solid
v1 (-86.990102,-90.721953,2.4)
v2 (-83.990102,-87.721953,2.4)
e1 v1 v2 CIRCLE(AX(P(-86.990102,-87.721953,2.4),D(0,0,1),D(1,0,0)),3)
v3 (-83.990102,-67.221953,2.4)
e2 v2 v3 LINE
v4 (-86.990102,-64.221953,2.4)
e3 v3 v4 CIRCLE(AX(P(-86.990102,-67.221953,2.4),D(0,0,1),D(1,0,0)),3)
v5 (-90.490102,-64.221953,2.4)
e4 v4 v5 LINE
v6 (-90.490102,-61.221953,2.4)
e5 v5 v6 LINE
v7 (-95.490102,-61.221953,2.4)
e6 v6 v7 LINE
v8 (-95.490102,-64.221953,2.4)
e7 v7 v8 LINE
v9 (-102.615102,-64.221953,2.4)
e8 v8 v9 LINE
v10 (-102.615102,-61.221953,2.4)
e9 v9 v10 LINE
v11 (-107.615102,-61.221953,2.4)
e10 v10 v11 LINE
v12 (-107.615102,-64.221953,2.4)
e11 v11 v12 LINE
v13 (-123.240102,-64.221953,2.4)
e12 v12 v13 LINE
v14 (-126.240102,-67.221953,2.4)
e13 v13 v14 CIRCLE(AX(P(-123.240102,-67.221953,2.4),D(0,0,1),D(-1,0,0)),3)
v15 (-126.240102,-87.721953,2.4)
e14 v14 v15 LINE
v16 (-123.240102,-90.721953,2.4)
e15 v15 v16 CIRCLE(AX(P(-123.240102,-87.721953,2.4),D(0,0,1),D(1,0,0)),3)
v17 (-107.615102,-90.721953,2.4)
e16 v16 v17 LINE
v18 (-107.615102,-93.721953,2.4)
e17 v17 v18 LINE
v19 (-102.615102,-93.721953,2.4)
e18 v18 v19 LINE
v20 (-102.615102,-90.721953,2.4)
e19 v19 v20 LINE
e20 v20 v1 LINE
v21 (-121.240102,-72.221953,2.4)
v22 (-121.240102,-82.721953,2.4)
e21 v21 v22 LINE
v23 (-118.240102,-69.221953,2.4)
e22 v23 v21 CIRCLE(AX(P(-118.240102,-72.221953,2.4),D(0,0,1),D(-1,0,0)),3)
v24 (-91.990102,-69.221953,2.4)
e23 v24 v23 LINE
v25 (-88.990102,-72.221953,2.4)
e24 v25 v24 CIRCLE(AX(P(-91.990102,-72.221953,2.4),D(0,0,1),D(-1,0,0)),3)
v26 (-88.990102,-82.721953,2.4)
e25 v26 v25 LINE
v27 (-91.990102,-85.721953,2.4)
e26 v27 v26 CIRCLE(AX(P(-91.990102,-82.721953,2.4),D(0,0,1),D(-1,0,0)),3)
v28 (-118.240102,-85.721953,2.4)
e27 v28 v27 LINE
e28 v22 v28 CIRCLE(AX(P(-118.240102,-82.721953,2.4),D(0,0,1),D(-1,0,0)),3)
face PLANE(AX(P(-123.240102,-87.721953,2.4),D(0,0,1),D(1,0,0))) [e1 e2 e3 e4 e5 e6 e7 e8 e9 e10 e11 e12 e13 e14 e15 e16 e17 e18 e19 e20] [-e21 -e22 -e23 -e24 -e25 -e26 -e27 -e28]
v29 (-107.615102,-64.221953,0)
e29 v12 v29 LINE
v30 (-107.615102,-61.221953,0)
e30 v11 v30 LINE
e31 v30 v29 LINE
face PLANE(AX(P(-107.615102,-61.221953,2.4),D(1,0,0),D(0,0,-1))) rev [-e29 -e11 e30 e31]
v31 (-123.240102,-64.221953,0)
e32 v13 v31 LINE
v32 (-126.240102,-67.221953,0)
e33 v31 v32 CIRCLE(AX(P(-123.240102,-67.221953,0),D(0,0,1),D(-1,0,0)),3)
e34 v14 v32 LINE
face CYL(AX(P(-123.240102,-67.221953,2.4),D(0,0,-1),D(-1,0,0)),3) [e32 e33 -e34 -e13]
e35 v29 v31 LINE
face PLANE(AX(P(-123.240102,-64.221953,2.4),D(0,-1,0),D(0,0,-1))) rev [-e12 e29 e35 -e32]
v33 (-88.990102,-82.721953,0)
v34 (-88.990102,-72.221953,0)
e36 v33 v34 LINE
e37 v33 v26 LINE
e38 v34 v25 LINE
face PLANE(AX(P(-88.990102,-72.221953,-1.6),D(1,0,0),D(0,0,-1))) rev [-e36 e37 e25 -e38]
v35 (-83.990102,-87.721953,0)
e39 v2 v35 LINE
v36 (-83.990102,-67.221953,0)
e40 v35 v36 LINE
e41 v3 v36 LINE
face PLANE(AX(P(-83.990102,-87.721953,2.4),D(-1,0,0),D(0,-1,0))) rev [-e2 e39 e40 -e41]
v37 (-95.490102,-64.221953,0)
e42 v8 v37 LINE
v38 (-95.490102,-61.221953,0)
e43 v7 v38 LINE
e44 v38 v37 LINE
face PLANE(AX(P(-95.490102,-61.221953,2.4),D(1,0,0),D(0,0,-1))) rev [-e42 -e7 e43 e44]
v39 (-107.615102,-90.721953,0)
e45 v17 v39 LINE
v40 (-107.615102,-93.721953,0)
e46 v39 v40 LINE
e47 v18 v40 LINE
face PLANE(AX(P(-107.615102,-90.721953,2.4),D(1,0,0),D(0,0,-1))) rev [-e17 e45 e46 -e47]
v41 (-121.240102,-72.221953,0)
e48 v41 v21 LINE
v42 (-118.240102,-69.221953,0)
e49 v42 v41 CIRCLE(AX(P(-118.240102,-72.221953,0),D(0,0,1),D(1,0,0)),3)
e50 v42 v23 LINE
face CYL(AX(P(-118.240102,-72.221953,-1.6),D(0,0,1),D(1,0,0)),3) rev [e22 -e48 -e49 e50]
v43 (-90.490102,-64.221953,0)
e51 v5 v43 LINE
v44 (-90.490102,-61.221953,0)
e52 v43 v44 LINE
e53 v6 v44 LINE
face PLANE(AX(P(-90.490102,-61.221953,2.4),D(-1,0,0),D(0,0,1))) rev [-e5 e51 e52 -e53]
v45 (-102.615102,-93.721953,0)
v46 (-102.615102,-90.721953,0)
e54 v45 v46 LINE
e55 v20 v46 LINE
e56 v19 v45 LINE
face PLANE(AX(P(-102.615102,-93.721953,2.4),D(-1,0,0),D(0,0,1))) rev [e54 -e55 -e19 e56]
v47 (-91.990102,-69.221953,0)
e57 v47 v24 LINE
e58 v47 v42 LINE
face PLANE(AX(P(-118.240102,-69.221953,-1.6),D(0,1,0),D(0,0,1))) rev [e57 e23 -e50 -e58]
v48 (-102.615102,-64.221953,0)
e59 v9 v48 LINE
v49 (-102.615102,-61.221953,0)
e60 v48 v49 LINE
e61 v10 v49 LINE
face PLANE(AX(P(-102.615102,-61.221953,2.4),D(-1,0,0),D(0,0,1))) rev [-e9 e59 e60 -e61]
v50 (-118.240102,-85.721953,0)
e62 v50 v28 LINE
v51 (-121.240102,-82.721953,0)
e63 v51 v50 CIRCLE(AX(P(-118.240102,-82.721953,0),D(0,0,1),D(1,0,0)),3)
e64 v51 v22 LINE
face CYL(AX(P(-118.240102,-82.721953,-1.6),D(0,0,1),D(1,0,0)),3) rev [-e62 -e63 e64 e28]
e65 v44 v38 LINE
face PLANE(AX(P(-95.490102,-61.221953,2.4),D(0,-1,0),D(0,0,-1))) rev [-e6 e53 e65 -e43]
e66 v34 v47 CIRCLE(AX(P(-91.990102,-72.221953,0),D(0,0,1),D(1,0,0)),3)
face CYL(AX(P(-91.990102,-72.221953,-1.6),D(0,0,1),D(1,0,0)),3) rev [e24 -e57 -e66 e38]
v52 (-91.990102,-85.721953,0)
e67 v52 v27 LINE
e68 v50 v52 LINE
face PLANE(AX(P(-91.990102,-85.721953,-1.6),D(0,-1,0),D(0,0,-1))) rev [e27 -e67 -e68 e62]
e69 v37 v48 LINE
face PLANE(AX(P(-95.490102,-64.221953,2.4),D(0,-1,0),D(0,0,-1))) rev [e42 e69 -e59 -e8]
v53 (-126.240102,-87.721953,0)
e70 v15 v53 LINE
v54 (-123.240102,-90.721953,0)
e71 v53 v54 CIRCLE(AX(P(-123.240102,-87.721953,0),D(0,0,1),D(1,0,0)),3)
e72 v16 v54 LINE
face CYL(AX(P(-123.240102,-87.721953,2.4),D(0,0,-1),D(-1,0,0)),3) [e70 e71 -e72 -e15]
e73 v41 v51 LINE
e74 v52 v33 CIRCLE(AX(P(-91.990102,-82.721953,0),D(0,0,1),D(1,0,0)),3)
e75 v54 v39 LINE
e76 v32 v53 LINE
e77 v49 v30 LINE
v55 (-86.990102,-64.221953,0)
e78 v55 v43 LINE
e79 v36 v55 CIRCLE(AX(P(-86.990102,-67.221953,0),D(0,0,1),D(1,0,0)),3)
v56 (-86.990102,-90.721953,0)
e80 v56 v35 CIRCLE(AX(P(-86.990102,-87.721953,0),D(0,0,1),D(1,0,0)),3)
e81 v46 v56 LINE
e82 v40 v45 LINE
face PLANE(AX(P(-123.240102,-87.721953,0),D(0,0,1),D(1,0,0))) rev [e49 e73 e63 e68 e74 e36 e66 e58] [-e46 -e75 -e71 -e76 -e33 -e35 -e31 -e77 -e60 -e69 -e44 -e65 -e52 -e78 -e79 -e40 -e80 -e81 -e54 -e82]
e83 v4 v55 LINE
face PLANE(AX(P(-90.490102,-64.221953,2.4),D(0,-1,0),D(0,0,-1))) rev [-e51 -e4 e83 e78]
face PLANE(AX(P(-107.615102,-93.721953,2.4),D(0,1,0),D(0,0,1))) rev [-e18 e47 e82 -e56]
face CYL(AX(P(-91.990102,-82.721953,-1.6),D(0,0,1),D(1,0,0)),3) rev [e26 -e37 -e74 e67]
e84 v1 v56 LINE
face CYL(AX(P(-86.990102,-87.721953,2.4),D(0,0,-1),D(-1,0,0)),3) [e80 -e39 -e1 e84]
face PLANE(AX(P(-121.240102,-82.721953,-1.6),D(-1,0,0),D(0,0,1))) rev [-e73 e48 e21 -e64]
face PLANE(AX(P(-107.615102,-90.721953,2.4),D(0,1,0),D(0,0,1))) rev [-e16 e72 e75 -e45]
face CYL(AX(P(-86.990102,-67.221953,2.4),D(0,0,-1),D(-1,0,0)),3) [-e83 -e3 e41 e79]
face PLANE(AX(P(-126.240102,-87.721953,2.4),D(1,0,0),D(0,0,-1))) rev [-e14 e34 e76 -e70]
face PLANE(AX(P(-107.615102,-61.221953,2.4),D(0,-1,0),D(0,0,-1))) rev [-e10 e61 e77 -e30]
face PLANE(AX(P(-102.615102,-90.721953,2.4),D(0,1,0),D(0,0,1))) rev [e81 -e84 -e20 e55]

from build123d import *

# Parameters (mm, degrees)
SALIENTE_EXTRUIR1_DEPTH = 2.4
CORTAR_EXTRUIR1_DEPTH   = 4


with BuildPart() as part:
    # Croquis1 → Saliente-Extruir1 (new body)
    with BuildSketch(Plane.XY):
        with BuildLine():
            Line((-102.615102368, -90.721952824), (-86.990102368, -90.721952824))
            ThreePointArc((-86.990102368, -90.721952824), (-84.868782024, -89.843273168), (-83.990102368, -87.721952824))
            Line((-83.990102368, -87.721952824), (-83.990102368, -67.221952824))
            ThreePointArc((-83.990102368, -67.221952824), (-84.868782024, -65.10063248), (-86.990102368, -64.221952824))
            Line((-86.990102368, -64.221952824), (-90.490102368, -64.221952824))
            Line((-90.490102368, -64.221952824), (-90.490102368, -61.221952824))
            Line((-90.490102368, -61.221952824), (-95.490102368, -61.221952824))
            Line((-95.490102368, -61.221952824), (-95.490102368, -64.221952824))
            Line((-95.490102368, -64.221952824), (-102.615102368, -64.221952824))
            Line((-102.615102368, -64.221952824), (-102.615102368, -61.221952824))
            Line((-102.615102368, -61.221952824), (-105.115102368, -61.221952824))
            Line((-105.115102368, -61.221952824), (-107.615102368, -61.221952824))
            Line((-107.615102368, -61.221952824), (-107.615102368, -64.221952824))
            Line((-107.615102368, -64.221952824), (-123.240102368, -64.221952824))
            ThreePointArc((-123.240102368, -64.221952824), (-125.361422711, -65.10063248), (-126.240102368, -67.221952824))
            Line((-126.240102368, -67.221952824), (-126.240102368, -87.721952824))
            ThreePointArc((-126.240102368, -87.721952824), (-125.361422711, -89.843273168), (-123.240102368, -90.721952824))
            Line((-123.240102368, -90.721952824), (-107.615102368, -90.721952824))
            Line((-107.615102368, -90.721952824), (-107.615102368, -93.721952824))
            Line((-107.615102368, -93.721952824), (-102.615102368, -93.721952824))
            Line((-102.615102368, -93.721952824), (-102.615102368, -90.721952824))
        make_face()
    extrude(amount=SALIENTE_EXTRUIR1_DEPTH)

    # Croquis2 → Cortar-Extruir1 (cut)
    with BuildSketch(Plane.XY.offset(2.4)):
        with BuildLine():
            Line((-115.427602368, -69.221952824), (-91.990102368, -69.221952824))
            ThreePointArc((-91.990102368, -69.221952824), (-89.868782024, -70.10063248), (-88.990102368, -72.221952824))
            Line((-88.990102368, -72.221952824), (-88.990102368, -82.721952824))
            ThreePointArc((-88.990102368, -82.721952824), (-89.868782024, -84.843273168), (-91.990102368, -85.721952824))
            Line((-91.990102368, -85.721952824), (-118.240102368, -85.721952824))
            ThreePointArc((-118.240102368, -85.721952824), (-120.361422711, -84.843273168), (-121.240102368, -82.721952824))
            Line((-121.240102368, -82.721952824), (-121.240102368, -72.221952824))
            ThreePointArc((-121.240102368, -72.221952824), (-120.361422711, -70.10063248), (-118.240102368, -69.221952824))
            Line((-118.240102368, -69.221952824), (-115.427602368, -69.221952824))
        make_face()
    extrude(amount=-CORTAR_EXTRUIR1_DEPTH, mode=Mode.SUBTRACT)


solid = part.part
